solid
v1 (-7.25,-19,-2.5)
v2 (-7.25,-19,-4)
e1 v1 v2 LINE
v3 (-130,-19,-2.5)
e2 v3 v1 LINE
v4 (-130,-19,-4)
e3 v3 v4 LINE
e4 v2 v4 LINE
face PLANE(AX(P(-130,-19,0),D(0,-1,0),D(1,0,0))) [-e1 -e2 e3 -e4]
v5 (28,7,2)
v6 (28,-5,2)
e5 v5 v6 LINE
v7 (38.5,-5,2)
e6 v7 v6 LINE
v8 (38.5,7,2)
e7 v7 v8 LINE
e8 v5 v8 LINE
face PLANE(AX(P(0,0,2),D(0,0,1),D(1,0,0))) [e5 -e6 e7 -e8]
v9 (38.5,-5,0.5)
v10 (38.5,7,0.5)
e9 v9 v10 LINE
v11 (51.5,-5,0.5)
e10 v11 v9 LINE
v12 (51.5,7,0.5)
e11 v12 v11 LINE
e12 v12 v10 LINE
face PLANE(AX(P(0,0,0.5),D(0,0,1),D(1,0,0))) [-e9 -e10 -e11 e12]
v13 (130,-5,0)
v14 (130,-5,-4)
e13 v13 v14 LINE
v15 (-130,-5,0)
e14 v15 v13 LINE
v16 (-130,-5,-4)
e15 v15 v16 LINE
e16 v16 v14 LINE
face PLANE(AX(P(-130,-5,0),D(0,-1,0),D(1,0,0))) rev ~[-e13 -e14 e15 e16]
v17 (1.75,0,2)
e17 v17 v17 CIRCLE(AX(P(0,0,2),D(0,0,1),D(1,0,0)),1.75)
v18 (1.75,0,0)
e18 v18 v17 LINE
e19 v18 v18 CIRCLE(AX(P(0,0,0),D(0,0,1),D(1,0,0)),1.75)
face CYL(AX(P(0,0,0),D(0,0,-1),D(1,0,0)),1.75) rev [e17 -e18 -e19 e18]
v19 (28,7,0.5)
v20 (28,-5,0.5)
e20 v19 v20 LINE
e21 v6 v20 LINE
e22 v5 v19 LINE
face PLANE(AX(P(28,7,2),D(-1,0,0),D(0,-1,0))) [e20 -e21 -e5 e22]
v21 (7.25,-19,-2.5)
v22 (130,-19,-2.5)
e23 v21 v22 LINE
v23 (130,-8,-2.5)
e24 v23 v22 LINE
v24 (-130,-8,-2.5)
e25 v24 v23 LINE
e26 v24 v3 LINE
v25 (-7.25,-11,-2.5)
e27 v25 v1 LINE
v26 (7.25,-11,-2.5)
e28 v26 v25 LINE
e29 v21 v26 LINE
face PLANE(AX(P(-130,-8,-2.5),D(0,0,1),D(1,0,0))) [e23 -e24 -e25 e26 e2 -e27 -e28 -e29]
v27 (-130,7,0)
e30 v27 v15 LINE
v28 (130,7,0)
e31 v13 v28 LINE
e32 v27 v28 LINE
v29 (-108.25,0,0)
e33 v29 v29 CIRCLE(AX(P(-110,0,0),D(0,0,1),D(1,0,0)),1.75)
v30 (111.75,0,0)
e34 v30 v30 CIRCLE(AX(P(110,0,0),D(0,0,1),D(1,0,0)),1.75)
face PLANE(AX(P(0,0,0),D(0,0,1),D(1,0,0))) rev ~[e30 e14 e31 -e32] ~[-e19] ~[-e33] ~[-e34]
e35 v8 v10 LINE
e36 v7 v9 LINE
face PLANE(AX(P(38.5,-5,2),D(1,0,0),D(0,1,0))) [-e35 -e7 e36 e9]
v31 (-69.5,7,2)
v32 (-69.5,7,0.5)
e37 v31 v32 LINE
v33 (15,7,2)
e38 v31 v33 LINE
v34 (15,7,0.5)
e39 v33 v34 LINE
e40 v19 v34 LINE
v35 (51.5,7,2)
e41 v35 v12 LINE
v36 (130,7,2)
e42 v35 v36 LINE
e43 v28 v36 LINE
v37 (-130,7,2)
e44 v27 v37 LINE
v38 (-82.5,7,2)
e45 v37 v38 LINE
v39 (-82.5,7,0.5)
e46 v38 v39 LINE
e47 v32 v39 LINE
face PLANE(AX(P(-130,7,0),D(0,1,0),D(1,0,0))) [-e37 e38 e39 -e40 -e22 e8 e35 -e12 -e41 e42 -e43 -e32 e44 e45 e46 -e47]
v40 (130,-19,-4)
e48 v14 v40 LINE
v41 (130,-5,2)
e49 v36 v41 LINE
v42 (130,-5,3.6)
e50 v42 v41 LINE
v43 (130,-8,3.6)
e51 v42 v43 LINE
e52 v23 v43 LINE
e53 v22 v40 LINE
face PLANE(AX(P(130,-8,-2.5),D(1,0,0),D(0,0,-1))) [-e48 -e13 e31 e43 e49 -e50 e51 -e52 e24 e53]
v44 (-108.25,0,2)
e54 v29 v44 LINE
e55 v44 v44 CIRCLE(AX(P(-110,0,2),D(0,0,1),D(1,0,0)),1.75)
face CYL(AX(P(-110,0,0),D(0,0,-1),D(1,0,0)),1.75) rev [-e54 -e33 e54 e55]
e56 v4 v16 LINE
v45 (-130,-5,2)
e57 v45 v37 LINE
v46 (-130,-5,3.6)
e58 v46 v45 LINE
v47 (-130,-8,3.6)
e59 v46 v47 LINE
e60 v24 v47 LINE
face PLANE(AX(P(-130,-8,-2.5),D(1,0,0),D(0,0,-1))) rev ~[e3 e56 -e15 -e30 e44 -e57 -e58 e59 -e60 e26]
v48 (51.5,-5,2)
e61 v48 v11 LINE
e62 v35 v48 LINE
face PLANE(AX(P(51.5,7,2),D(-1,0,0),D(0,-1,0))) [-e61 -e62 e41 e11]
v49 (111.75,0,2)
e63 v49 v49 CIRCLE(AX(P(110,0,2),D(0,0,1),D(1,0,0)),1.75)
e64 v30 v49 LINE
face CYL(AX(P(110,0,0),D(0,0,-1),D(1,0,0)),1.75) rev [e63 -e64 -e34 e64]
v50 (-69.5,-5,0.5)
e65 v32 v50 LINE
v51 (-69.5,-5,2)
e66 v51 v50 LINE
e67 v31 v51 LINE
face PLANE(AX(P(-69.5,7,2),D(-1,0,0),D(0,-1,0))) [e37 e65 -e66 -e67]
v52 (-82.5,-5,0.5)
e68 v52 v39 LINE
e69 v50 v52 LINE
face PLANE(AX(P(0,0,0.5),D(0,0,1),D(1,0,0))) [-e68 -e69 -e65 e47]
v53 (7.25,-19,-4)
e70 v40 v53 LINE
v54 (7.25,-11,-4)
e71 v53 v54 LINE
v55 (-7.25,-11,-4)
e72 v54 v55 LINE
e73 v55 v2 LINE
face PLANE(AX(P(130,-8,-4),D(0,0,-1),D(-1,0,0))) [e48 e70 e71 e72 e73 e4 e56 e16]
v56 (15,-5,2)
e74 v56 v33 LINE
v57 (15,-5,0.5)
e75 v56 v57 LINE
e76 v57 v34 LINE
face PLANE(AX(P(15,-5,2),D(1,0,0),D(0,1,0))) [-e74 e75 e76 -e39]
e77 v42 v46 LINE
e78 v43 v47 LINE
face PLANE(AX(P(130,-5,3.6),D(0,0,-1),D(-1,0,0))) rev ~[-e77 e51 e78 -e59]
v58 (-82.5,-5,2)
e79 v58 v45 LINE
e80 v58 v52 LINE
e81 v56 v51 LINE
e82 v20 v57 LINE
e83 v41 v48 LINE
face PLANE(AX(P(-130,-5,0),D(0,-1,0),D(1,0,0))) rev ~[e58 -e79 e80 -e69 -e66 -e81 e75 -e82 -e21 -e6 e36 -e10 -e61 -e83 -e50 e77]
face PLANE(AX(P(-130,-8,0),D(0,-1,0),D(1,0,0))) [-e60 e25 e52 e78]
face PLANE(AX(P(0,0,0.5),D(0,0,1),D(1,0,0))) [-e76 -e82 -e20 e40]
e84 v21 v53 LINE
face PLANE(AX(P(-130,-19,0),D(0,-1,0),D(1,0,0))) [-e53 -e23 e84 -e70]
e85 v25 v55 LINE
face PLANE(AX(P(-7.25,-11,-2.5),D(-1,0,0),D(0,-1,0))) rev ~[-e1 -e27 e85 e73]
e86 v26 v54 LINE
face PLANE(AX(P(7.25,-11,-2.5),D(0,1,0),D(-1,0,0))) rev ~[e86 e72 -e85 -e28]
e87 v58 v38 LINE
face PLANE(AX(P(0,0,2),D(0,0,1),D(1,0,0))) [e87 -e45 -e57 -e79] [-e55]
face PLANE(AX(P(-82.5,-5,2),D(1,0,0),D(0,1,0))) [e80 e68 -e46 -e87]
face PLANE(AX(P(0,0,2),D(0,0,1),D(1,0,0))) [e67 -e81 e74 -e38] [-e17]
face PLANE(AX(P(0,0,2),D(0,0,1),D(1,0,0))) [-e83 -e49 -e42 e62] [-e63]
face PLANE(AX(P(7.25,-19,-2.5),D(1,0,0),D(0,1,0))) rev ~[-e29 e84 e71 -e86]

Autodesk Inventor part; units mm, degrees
ref_plane "YZ Plane" through (0, 0, 0) normal (1, 0, 0) x (0, 1, 0)
ref_plane "XZ Plane" through (0, 0, 0) normal (0, 1, 0) x (-1, 0, 0)
ref_plane "XY Plane" through (0, 0, 0) normal (0, 0, 1) x (1, 0, 0)
sketch "Sketch1" plane through (0, 0, 0) normal (0, 0, 1) x (1, 0, 0)
  circle A0 centre (0, 0) radius 1.75
  circle A1 centre (110, 0) radius 1.75
  circle A2 centre (-110, 0) radius 1.75
  line L0 (-130, 7) -> (130, 7)
  line L1 (130, 7) -> (130, -5)
  line L2 (130, -5) -> (-130, -5)
  line L3 (-130, -5) -> (-130, 7)
  dimension "d0" = 3.5
  dimension "d1" = 110
  dimension "d2" = 110
  dimension "d3" = 130
  dimension "d4" = 130
  dimension "d5" = 7
  dimension "d6" = 5
extrude "Extrusion1" add sketch "Sketch1" along normal blind 2
sketch "Sketch2" plane through (-130, -5, 0) normal (0, -1, 0) x (1, 0, 0)
  line L0 (0, 0) -> (260, 0) projected
  line L1 (0, 0) -> (260, 0)
  line L2 (260, 0) -> (260, 3.6)
  line L3 (260, 3.6) -> (0, 3.6)
  line L4 (0, 3.6) -> (0, 0)
  line L5 (260, 0) -> (260, 2) projected
  line L6 (0, 2) -> (260, 2) projected
  point P0 (130, 0)
  dimension "d9" = 1.6
extrude "Extrusion2" add sketch "Sketch2" along normal blind 3
sketch "Sketch3" plane through (0, 0, 0) normal (0, 0, -1) x (-1, 0, 0)
  line L0 (130, -5) -> (-130, -5) projected
  line L1 (130, -5) -> (130, -8) projected
  line L2 (130, -5) -> (130, -8)
  line L3 (130, -8) -> (-130, -8)
  line L4 (-130, -8) -> (-130, -5)
  point P0 (0, 0)
extrude "Extrusion3" add sketch "Sketch3" along normal blind 4
sketch "Sketch4" plane through (-130, -8, 0) normal (0, -1, 0) x (1, 0, 0)
  line L0 (260, -4) -> (0, -4) projected
  line L1 (0, 0) -> (0, -4) projected
  line L2 (0, -4) -> (0, -2.5)
  line L3 (0, -2.5) -> (260, -2.5)
  line L4 (260, 0) -> (260, -4) projected
  line L5 (260, -2.5) -> (260, -4)
  point P0 (130, 0)
  dimension "d14" = 1.5
extrude "Extrusion4" add sketch "Sketch4" along normal blind 11
sketch "Sketch5" plane through (0, 0, 2) normal (0, 0, 1) x (1, 0, 0)
  line L0 (130, 7) -> (-130, 7) projected
  line L1 (-82.5, 7) -> (-69.5, 7)
  line L2 (-69.5, 7) -> (-69.5, -5)
  line L3 (-69.5, -5) -> (-82.5, -5)
  line L4 (-82.5, -5) -> (-82.5, 7)
  line L5 (15, 7) -> (28, 7)
  line L6 (28, 7) -> (28, -5)
  line L7 (28, -5) -> (15, -5)
  line L8 (15, -5) -> (15, 7)
  line L9 (38.5, 7) -> (51.5, 7)
  line L10 (51.5, 7) -> (51.5, -5)
  line L11 (51.5, -5) -> (38.5, -5)
  line L12 (38.5, -5) -> (38.5, 7)
  line L13 (-130, -5) -> (130, -5) projected
  point P0 (0, 0)
  point P1 (-76, -5)
  point P2 (21.5, -5)
  point P3 (45, -5)
  dimension "d17" = 13
  dimension "d19" = 76
  dimension "d20" = 21.5
  dimension "d21" = 45
extrude "Extrusion5" cut sketch "Sketch5" against normal blind 1.5 contours L10 L11 L12 L0 | L6 L7 L8 L0 | L2 L3 L4 L0
sketch "Sketch6" plane through (-130, -8, -2.5) normal (0, 0, 1) x (1, 0, 0)
  circle A0 centre (130, 8) radius 1.75 construction
  line L0 (130, 8) -> (130, -11) construction
  line L1 (1, -11) -> (259, -11) construction
  line L2 (122.75, -11) -> (137.25, -11)
  line L3 (137.25, -11) -> (137.25, -3)
  line L4 (137.25, -3) -> (122.75, -3)
  line L5 (122.75, -3) -> (122.75, -11)
  point P0 (130, -3)
  dimension "d25" = 14.5
  dimension "d26" = 8
extrude "Extrusion6" cut sketch "Sketch6" against normal up to surface (1.5 mm away)
equation "\"d2\" = d1"
equation "\"d4\" = d3"
properties part number "Lower mount"
